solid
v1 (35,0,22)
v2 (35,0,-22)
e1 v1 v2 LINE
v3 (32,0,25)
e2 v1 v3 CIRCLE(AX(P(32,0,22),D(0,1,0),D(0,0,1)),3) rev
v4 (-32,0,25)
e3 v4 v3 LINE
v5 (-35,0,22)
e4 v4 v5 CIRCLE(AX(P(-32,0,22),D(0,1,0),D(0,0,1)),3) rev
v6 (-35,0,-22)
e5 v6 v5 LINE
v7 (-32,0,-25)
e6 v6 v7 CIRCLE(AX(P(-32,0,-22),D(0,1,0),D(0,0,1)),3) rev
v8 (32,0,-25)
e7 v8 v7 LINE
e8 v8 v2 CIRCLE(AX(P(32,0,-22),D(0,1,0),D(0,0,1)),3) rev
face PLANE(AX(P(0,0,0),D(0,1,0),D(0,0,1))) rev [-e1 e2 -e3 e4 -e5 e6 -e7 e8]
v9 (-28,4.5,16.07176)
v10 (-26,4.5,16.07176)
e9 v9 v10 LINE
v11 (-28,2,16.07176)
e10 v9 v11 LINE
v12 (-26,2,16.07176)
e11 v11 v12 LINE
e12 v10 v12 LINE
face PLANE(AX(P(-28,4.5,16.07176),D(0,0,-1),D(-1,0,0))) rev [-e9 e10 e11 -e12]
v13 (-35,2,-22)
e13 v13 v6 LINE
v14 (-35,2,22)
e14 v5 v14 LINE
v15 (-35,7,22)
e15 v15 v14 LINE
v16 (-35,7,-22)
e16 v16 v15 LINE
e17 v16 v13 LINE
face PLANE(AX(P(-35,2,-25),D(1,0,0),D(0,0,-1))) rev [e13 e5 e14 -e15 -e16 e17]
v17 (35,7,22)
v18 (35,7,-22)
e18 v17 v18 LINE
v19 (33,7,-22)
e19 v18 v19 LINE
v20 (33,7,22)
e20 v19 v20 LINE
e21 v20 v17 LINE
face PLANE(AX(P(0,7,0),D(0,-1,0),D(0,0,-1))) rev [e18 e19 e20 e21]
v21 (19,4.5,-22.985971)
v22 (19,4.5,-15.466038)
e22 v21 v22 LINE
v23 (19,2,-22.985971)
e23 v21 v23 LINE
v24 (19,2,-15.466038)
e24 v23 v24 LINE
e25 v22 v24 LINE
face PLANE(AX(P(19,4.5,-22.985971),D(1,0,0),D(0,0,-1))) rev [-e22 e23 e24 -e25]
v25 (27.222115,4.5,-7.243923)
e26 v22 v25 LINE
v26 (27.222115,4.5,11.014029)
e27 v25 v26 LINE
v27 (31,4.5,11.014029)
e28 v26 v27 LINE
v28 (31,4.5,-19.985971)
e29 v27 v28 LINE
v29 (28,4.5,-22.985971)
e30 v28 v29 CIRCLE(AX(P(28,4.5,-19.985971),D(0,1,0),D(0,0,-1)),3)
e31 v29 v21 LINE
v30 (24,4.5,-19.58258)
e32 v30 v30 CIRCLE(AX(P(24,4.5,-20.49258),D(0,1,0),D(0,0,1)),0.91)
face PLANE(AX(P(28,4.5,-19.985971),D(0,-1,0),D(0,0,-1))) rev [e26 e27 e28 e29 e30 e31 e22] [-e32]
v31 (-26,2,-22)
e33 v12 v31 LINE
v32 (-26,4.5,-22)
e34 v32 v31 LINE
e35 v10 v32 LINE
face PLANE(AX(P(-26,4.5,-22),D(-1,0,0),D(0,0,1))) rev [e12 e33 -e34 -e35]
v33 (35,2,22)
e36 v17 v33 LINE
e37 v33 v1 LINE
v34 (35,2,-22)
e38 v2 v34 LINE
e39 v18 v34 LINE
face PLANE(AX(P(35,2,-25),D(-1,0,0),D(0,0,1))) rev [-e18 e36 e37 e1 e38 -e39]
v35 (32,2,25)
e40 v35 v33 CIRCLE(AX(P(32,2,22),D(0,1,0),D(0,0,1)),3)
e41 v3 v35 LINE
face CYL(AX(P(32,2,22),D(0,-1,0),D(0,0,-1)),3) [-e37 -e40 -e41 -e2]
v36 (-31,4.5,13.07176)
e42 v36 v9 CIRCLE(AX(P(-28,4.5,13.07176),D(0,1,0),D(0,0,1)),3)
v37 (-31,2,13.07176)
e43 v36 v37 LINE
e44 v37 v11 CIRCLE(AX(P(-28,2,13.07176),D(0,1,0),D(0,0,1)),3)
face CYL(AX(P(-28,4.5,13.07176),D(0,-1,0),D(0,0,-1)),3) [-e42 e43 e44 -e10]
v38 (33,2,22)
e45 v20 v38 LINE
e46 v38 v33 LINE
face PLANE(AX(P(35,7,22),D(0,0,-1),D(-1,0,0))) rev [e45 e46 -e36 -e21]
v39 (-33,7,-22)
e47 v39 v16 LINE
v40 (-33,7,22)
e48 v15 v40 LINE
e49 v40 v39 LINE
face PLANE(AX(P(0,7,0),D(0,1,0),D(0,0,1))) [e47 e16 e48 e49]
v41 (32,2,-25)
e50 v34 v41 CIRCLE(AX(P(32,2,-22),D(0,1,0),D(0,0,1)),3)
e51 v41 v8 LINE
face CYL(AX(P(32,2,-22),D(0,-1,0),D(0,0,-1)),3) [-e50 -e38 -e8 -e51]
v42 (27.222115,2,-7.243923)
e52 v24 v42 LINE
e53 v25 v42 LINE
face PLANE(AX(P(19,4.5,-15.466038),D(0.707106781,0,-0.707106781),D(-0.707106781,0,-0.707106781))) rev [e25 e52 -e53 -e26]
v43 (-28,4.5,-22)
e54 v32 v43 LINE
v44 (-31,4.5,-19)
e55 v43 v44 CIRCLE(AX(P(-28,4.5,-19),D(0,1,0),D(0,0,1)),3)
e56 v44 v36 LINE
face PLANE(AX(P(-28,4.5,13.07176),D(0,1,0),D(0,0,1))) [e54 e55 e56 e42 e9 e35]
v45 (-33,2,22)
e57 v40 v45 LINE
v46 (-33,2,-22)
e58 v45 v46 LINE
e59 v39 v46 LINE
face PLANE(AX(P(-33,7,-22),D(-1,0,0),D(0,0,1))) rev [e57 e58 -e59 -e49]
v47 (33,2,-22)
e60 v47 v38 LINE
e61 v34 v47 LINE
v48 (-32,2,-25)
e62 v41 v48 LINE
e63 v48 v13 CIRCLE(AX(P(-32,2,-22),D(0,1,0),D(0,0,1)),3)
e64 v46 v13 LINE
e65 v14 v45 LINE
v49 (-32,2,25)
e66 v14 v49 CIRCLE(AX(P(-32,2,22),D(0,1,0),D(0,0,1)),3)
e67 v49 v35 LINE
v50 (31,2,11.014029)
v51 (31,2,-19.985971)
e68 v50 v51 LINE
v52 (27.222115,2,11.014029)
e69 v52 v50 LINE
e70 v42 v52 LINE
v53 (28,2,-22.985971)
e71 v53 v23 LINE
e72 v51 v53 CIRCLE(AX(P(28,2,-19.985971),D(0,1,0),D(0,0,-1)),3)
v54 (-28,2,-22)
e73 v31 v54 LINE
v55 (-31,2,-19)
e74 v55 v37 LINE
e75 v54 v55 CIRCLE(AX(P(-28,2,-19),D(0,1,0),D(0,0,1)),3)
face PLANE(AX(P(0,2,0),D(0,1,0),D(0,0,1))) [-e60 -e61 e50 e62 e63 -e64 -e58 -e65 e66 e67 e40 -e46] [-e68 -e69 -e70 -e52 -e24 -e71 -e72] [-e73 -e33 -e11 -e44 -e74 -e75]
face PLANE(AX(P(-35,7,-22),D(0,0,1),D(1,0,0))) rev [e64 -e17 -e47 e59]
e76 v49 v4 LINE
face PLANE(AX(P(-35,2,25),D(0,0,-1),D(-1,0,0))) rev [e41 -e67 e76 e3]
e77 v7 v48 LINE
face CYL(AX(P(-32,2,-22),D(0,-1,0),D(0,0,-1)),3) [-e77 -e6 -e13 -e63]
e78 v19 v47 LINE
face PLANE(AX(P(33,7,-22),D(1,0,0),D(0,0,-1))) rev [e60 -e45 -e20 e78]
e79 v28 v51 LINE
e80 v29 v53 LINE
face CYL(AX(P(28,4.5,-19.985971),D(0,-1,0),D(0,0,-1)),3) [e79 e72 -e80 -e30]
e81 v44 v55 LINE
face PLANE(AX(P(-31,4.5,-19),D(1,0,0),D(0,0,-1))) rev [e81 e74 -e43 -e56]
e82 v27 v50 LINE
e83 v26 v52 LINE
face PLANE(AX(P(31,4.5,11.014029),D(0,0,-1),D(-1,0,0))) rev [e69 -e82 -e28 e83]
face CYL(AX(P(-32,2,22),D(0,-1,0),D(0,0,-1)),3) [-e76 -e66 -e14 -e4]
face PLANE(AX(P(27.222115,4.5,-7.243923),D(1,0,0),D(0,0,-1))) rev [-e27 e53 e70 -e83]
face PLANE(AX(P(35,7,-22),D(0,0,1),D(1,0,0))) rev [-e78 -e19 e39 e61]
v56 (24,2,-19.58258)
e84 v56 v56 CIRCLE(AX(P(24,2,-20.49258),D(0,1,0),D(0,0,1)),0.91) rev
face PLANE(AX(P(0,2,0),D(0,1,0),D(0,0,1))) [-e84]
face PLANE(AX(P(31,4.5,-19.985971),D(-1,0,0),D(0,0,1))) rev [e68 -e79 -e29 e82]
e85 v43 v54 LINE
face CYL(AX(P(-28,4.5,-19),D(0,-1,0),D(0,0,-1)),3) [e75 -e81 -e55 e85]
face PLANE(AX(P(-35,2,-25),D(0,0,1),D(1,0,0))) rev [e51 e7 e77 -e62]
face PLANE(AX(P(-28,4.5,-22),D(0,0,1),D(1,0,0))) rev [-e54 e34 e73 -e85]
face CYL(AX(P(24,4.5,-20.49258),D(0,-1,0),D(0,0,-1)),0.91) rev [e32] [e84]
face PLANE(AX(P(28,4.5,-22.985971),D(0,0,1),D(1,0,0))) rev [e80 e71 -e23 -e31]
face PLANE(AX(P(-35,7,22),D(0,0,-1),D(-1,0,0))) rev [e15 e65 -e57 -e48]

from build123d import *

# Parameters (mm, degrees)
SKETCH_1_W      = 70
SKETCH_1_H      = 50
EXTRUDE_1_DEPTH = 2
FILLET_1_R      = 3
SKETCH_2_W      = 2
SKETCH_2_H      = 44
EXTRUDE_2_DEPTH = 5
SKETCH_3_R      = 0.91
EXTRUDE_3_DEPTH = 2.5


with BuildPart() as part:
    # 草图1 → 凸台-拉伸1 (new body)
    with BuildSketch(Plane(origin=(0, 0, 0), x_dir=(1, 0, 0), z_dir=(0, 1, 0))):
        Rectangle(SKETCH_1_W, SKETCH_1_H)
    extrude(amount=EXTRUDE_1_DEPTH)

    # 圆角1
    fillet_1_edges = [part.edges().sort_by_distance(p)[0] for p in [
        (35, 1, 25),
        (-35, 1, 25),
        (-35, 1, -25),
        (35, 1, -25),
    ]]
    fillet(fillet_1_edges, radius=FILLET_1_R)

    # 草图2 → 凸台-拉伸2 (add)
    with BuildSketch(Plane(origin=(0, 2, 0), x_dir=(1, 0, 0), z_dir=(0, 1, 0))):
        with Locations((-34, 0)):
            Rectangle(SKETCH_2_W, SKETCH_2_H)
        with Locations((34, 0)):
            Rectangle(SKETCH_2_W, SKETCH_2_H)
    extrude(amount=EXTRUDE_2_DEPTH)

    # 草图3 → 凸台-拉伸3 (add)
    # profile 1 of 2: a face of its own
    with BuildSketch(Plane(origin=(0, 2, 0), x_dir=(1, 0, 0), z_dir=(0, 1, 0))):
        with BuildLine():
            Line((28, 22.985971126), (19, 22.985971126))
            Line((19, 22.985971126), (19, 15.46603773))
            Line((19, 15.46603773), (27.222114772, 7.243922958))
            Line((27.222114772, 7.243922958), (27.222114772, -11.014028874))
            Line((27.222114772, -11.014028874), (31, -11.014028874))
            Line((31, -11.014028874), (31, 19.985971126))
            ThreePointArc((31, 19.985971126), (30.121320344, 22.10729147), (28, 22.985971126))
        make_face()
        with Locations(Location((24, 20.49257992, 0), (0, 0, 270))):
            Circle(SKETCH_3_R, mode=Mode.SUBTRACT)
    # profile 2 of 2: a face of its own
    with BuildSketch(Plane(origin=(0, 2, 0), x_dir=(1, 0, 0), z_dir=(0, 1, 0))):
        with BuildLine():
            Line((-28, 22), (-26, 22))
            Line((-26, 22), (-26, -16.071759555))
            Line((-26, -16.071759555), (-28, -16.071759555))
            ThreePointArc((-28, -16.071759555), (-30.121320344, -15.193079899), (-31, -13.071759555))
            Line((-31, -13.071759555), (-31, 19))
            ThreePointArc((-31, 19), (-30.121320344, 21.121320344), (-28, 22))
        make_face()
    extrude(amount=EXTRUDE_3_DEPTH)


solid = part.part
